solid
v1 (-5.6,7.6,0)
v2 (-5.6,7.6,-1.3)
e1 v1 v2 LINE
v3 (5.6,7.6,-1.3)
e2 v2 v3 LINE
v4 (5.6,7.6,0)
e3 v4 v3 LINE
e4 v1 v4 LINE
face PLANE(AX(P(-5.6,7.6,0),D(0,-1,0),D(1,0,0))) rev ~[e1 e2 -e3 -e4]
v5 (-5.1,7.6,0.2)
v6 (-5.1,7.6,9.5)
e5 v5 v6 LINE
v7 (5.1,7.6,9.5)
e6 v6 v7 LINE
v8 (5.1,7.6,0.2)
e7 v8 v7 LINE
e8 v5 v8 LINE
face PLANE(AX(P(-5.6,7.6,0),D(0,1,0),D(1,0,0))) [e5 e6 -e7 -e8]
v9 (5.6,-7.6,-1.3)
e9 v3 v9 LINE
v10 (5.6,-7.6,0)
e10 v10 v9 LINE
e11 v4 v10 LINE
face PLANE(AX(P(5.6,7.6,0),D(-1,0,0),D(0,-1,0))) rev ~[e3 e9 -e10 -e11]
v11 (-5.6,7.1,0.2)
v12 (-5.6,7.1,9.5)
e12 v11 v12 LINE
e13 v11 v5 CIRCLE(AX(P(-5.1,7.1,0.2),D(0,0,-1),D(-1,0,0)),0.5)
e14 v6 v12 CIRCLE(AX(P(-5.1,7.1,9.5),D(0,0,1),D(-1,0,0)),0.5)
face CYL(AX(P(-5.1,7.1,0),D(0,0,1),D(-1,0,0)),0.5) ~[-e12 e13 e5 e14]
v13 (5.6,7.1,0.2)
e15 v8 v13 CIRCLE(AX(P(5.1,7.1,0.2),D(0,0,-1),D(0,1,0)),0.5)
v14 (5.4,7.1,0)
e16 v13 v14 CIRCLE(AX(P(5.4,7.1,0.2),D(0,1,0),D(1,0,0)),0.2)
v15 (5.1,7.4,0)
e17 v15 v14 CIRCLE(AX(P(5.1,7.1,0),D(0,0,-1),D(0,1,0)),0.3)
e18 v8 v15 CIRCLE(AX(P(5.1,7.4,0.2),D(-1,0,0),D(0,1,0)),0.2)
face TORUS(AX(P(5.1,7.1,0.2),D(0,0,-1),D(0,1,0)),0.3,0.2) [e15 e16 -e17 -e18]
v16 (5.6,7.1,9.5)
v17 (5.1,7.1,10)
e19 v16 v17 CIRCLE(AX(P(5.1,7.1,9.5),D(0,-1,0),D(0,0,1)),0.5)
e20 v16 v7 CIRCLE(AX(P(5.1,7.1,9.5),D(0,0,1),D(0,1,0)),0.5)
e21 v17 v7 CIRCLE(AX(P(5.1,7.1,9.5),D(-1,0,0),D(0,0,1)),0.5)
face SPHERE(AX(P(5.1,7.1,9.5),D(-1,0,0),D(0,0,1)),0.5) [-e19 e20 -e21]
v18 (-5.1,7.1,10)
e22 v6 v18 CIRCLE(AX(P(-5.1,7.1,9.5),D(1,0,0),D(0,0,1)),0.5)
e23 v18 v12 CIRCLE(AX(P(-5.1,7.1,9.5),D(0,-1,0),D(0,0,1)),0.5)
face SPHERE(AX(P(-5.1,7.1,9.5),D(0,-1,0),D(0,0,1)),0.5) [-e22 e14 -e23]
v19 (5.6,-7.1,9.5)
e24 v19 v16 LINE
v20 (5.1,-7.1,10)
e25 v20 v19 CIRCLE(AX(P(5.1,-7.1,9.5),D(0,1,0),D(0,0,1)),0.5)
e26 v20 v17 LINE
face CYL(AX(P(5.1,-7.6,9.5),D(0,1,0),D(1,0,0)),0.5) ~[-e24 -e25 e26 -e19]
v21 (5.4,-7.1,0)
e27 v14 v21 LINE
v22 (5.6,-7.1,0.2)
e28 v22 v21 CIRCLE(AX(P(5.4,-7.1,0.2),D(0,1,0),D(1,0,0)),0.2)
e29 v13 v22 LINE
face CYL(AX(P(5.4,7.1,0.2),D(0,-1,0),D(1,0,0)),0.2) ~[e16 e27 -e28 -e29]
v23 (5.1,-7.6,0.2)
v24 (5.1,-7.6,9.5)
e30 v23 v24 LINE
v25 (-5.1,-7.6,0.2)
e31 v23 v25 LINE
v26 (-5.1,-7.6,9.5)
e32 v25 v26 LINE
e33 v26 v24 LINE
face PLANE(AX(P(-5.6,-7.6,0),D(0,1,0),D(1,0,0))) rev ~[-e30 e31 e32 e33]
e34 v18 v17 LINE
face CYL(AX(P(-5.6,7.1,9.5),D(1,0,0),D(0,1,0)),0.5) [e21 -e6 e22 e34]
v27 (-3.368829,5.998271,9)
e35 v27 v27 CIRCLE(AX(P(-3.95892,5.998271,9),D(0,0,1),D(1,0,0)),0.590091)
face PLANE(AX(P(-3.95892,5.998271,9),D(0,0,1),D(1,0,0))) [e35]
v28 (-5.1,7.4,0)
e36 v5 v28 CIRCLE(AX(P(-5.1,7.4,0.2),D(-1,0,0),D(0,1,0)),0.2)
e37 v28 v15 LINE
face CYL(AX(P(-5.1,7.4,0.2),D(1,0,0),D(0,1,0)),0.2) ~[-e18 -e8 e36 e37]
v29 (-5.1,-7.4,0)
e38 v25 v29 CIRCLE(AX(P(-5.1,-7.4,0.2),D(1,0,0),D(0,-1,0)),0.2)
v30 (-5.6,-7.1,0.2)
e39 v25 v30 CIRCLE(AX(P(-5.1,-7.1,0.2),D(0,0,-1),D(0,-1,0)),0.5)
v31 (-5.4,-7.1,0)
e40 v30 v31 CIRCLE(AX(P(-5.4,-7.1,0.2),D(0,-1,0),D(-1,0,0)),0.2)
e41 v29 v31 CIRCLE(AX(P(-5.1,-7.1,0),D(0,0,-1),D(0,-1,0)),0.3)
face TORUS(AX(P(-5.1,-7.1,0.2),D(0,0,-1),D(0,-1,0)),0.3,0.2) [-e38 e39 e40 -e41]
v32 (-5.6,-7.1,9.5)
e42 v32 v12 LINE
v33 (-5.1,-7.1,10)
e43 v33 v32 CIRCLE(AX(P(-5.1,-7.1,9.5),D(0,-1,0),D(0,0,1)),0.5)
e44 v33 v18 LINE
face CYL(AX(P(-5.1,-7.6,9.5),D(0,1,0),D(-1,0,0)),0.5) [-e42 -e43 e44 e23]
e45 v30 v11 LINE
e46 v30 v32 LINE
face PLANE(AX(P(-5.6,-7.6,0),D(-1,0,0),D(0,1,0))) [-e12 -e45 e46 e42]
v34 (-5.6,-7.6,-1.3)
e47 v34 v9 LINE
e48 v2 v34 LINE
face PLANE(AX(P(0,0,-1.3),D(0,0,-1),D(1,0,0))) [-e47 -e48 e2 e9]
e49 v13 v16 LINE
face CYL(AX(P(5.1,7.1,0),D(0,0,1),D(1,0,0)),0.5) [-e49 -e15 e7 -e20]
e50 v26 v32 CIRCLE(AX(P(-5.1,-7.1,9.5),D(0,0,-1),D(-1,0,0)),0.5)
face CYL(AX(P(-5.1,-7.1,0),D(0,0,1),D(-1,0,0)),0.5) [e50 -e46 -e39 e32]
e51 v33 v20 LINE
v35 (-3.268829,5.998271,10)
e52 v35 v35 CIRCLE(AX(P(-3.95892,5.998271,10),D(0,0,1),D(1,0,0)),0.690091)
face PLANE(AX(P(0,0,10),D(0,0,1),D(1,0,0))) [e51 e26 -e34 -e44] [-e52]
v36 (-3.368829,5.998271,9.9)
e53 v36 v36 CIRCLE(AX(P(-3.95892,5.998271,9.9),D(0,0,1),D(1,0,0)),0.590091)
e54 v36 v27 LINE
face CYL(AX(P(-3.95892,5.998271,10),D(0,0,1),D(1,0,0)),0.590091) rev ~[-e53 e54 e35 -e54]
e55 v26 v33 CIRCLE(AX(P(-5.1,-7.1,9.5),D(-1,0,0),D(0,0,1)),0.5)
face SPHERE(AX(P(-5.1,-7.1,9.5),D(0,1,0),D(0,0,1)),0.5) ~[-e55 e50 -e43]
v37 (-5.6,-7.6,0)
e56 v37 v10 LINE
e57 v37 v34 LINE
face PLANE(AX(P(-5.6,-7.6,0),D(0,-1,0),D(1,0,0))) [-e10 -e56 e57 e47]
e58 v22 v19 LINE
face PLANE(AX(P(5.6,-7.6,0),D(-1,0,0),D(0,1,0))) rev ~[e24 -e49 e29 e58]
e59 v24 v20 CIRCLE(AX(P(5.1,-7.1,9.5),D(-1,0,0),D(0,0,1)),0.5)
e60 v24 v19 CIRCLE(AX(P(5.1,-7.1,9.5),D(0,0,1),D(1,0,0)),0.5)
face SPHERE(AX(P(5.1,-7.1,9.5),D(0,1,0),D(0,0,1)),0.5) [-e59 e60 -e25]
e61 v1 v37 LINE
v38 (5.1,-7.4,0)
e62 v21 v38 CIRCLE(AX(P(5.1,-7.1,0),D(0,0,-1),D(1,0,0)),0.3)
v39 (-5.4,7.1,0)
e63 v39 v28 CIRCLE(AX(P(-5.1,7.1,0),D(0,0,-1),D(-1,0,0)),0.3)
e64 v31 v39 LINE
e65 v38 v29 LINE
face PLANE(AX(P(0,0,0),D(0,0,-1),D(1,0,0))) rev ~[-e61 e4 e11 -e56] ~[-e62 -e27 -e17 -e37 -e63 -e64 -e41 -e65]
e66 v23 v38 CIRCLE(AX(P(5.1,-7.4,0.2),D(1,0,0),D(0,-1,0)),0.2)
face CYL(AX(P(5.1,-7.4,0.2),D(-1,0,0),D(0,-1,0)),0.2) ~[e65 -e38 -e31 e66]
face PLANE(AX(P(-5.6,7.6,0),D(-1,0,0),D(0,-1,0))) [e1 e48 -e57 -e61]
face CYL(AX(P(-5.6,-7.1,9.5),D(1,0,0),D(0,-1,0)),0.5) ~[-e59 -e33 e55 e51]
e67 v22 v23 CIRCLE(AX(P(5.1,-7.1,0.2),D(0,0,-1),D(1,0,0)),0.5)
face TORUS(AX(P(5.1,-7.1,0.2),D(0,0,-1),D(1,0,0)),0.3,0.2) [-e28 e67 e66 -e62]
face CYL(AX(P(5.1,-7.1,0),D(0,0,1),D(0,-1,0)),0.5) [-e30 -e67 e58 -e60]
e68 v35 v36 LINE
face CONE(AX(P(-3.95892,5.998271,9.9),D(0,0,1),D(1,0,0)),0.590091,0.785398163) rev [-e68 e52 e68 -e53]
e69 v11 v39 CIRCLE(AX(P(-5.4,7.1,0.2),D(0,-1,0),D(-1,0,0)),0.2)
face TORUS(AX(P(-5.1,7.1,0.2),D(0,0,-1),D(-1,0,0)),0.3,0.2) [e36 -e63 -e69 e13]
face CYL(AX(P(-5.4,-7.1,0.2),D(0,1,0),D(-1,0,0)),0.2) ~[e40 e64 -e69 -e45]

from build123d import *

# Parameters (mm, degrees)
SKETCH_W     = 11.2
SKETCH_H     = 15.2
PAD_DEPTH    = 10
FILLET_R     = 0.5
FILLET001_R  = 0.2
SKETCH002_R  = 0.590091
POCKET_DEPTH = 1
SKETCH001_W  = 11.2
SKETCH001_H  = 15.2
PAD001_DEPTH = 1.3
CHAMFER_SIZE = 0.1


with BuildPart() as part:
    # Sketch → Pad (new body)
    with BuildSketch(Plane.XY):
        Rectangle(SKETCH_W, SKETCH_H)
    extrude(amount=PAD_DEPTH)

    # Fillet
    fillet_edges = [part.edges().sort_by_distance(p)[0] for p in [
        (-5.6, 0, 10),
        (0, 7.6, 10),
        (5.6, 0, 10),
        (0, -7.6, 10),
        (5.6, -7.6, 5),
        (5.6, 7.6, 5),
        (-5.6, 7.6, 5),
        (-5.6, -7.6, 5),
    ]]
    fillet(fillet_edges, radius=FILLET_R)

    # Fillet001
    fillet001_edges = [part.edges().sort_by_distance(p)[0] for p in [
        (-5.6, 0, 0),
        (-5.453553, -7.453553, 0),
        (-5.453553, 7.453553, 0),
        (0, -7.6, 0),
        (0, 7.6, 0),
        (5.453553, -7.453553, 0),
        (5.453553, 7.453553, 0),
        (5.6, 0, 0),
    ]]
    fillet(fillet001_edges, radius=FILLET001_R)

    # Sketch002 (on Face12 of Fillet001) → Pocket (cut)
    with BuildSketch(Plane.XY.offset(10)):
        with Locations((-3.95892, 5.998271)):
            Circle(SKETCH002_R)
    extrude(amount=-POCKET_DEPTH, mode=Mode.SUBTRACT)

    # Sketch001 (on Face9 of Fillet001) → Pad001 (join)
    with BuildSketch(Plane(origin=(0, 0, 0), x_dir=(1, 0, 0), z_dir=(0, 0, -1))):
        Rectangle(SKETCH001_W, SKETCH001_H)
    extrude(amount=PAD001_DEPTH)

    # Chamfer
    chamfer_edges = [part.edges().sort_by_distance(p)[0] for p in [
        (-4.549011, 5.998271, 10),
    ]]
    chamfer(chamfer_edges, length=CHAMFER_SIZE)


solid = part.part
